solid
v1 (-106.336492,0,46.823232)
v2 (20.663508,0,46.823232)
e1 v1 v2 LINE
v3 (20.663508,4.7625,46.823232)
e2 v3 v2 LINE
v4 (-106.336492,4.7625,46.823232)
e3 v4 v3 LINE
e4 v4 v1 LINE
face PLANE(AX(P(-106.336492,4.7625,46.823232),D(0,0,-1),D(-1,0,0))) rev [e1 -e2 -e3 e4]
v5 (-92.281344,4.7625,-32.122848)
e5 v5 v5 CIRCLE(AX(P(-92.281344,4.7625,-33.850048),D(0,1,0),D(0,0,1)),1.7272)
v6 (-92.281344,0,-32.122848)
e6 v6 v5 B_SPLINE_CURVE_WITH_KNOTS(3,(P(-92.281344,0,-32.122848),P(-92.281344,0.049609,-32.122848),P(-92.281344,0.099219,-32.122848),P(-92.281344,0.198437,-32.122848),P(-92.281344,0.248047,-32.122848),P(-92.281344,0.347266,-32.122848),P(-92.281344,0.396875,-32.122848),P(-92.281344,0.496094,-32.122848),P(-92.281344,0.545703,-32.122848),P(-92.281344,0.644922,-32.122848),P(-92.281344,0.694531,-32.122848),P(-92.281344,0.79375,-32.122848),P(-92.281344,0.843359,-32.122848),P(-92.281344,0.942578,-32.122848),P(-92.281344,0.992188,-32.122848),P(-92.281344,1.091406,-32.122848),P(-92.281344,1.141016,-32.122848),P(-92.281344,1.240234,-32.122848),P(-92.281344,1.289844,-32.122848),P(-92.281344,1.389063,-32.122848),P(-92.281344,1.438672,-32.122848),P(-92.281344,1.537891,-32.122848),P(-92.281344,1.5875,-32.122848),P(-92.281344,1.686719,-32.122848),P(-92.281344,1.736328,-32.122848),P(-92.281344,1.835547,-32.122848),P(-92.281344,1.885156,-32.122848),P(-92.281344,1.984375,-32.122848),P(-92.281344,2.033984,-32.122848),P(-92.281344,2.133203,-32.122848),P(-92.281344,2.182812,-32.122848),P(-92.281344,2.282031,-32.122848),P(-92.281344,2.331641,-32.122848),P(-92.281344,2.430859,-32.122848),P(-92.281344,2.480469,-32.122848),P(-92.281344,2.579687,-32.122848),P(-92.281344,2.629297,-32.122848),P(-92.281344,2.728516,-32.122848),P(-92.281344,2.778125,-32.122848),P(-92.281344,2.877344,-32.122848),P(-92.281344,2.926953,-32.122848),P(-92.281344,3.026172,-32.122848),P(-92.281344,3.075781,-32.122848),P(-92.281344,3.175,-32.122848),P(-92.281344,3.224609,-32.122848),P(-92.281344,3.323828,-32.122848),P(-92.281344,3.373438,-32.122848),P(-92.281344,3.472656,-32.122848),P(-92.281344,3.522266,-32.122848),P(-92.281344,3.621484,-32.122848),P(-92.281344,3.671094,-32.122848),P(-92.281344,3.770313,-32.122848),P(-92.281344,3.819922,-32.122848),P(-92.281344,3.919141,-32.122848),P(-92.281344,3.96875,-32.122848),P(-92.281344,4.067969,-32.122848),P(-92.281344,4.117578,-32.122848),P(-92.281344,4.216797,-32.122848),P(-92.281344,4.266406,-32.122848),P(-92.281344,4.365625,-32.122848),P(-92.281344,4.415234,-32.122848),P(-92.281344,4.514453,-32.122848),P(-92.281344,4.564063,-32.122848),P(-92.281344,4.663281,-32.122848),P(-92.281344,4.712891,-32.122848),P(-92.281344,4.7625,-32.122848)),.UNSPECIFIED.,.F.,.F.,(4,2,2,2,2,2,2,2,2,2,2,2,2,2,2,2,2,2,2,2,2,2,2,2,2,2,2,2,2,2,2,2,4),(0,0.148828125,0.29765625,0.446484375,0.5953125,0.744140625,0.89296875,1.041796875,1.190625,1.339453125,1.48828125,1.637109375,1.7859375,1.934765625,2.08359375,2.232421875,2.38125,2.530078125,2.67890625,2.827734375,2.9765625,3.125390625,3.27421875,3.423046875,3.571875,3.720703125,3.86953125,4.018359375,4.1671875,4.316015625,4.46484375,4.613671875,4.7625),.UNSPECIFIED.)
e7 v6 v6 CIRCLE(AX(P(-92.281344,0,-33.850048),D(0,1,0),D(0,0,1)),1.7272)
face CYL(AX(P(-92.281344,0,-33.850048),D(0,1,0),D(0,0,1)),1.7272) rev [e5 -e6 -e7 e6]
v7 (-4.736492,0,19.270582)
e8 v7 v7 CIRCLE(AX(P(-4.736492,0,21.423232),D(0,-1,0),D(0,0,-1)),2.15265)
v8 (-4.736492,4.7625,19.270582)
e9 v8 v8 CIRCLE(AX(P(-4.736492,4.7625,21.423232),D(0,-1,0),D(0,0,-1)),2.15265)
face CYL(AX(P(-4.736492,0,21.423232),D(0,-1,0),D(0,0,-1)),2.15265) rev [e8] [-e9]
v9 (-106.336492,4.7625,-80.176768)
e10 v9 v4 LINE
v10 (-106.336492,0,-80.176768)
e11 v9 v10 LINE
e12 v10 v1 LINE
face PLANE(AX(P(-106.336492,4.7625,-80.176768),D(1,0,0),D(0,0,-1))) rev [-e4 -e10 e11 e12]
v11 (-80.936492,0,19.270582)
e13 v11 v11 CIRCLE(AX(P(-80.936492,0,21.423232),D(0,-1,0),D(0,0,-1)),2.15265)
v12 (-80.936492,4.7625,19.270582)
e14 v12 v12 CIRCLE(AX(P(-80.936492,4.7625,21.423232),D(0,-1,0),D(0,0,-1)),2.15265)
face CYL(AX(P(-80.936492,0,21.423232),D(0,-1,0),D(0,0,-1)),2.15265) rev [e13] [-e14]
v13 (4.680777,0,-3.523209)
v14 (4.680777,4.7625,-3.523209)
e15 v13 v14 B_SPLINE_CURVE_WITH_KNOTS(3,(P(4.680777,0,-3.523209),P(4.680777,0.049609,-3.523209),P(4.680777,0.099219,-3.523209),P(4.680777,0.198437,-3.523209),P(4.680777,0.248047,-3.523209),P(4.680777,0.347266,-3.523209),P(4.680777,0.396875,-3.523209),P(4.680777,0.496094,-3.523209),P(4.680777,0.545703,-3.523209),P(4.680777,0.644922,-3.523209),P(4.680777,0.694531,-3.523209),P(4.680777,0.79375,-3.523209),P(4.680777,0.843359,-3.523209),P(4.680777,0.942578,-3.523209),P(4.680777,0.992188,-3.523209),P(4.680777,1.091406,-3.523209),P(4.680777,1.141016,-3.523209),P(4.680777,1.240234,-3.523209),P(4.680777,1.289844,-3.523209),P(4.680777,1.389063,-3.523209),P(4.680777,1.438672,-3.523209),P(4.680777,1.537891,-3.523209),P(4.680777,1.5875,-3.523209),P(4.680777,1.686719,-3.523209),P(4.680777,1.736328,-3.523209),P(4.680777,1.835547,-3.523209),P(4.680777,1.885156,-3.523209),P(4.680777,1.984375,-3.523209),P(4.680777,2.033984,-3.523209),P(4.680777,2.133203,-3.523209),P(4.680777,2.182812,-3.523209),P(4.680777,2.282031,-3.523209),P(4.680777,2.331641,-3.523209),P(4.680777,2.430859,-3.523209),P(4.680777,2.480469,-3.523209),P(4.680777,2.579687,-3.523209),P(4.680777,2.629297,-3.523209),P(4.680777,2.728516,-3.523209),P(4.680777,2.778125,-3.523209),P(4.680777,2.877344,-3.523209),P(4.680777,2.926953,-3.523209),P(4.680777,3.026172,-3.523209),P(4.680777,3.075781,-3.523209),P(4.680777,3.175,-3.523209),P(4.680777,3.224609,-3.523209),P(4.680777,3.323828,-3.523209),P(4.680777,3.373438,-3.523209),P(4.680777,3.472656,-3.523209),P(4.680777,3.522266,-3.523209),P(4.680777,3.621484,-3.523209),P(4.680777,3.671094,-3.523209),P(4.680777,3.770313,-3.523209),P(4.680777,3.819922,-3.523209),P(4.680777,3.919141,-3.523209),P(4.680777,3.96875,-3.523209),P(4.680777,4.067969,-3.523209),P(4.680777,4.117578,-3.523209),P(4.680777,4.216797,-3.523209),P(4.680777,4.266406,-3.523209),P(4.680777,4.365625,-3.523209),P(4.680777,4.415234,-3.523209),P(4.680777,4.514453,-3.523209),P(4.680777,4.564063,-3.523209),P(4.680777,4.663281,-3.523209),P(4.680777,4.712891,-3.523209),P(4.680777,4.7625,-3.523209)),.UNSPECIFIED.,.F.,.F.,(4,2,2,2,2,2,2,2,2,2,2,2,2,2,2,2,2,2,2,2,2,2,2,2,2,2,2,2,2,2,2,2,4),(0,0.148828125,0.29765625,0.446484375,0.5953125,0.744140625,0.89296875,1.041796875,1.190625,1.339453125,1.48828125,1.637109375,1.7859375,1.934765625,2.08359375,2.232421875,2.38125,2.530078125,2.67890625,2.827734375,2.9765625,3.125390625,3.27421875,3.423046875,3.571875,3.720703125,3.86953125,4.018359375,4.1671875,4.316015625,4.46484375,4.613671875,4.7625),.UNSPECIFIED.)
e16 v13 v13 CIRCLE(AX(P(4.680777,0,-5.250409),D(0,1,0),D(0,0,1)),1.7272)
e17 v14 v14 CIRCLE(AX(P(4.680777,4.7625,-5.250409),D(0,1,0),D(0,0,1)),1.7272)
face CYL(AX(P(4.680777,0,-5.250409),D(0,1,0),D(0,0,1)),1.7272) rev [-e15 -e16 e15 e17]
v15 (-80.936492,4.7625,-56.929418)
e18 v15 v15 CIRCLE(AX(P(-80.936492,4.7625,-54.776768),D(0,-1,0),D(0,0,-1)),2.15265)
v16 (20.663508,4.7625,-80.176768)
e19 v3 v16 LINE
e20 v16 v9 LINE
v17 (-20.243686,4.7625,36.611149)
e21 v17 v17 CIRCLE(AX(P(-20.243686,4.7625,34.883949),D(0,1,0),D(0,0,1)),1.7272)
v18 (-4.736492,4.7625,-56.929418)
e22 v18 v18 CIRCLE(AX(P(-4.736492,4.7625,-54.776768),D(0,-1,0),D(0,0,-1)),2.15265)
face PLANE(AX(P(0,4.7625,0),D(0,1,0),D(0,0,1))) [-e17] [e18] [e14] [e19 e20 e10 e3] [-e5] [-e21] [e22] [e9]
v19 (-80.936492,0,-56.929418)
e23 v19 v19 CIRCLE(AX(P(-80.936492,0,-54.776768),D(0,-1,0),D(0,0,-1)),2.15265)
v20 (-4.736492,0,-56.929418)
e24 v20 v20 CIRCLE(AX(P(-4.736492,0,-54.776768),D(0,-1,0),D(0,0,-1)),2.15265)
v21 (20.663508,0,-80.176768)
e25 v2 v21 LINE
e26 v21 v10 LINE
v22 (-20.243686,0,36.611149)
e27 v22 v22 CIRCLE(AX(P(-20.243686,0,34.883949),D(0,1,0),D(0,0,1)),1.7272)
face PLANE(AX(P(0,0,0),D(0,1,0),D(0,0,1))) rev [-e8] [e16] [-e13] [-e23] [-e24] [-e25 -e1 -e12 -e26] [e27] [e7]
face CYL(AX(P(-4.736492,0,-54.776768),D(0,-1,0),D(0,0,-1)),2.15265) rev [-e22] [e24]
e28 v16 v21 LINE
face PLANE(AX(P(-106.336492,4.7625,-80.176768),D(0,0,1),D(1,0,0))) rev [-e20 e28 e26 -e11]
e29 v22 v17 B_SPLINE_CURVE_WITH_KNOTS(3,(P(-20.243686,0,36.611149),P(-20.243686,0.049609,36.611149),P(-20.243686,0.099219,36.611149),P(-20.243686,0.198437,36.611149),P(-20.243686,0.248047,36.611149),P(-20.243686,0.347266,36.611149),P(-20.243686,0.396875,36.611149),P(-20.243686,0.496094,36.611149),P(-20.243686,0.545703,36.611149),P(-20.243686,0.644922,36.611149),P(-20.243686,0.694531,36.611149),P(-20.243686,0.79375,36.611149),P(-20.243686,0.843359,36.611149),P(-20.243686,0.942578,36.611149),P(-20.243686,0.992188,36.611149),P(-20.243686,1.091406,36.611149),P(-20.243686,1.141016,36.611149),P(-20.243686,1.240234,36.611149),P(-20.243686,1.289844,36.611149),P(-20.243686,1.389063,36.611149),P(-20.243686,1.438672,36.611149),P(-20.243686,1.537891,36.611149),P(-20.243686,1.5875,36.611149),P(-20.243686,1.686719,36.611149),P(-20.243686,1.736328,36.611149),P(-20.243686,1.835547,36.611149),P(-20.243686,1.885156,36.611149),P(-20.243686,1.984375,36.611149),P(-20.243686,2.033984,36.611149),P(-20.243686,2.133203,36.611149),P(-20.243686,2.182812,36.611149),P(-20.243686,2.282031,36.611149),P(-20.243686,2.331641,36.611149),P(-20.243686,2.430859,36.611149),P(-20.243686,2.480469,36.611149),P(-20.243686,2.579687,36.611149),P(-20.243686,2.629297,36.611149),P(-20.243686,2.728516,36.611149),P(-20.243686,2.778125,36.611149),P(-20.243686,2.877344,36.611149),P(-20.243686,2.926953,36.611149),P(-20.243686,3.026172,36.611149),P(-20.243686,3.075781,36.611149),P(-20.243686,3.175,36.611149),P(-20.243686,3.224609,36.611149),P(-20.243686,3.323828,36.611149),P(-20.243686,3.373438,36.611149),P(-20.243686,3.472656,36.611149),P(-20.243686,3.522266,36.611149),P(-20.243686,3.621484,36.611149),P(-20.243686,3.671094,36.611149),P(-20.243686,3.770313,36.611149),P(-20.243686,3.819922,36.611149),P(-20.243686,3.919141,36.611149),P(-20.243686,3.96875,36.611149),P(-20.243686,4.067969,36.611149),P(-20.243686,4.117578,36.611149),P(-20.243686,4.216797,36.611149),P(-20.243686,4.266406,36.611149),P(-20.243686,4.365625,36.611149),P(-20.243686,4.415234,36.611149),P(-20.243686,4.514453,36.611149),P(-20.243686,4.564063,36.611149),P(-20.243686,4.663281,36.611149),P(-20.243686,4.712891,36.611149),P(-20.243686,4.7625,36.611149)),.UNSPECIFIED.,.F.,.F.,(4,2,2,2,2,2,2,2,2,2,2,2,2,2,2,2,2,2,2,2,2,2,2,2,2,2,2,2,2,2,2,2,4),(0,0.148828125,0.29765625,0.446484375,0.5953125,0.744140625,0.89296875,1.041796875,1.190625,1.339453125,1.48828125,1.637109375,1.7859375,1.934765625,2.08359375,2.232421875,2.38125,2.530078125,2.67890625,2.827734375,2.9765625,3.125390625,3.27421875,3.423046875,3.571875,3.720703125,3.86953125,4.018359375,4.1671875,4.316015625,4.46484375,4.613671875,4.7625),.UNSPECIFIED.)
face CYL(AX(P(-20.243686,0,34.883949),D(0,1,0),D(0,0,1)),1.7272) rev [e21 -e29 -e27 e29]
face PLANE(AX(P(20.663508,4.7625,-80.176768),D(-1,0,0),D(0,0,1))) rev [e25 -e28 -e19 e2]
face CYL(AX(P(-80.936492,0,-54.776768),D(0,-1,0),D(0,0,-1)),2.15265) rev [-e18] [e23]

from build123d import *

# Parameters (mm, degrees)
SKETCH1_W                    = 127
SKETCH1_H                    = 127
BOSS_EXTRUDE1_DEPTH          = 4.7625
SKETCH3_R                    = 1.7272
CUT_EXTRUDE2_DEPTH           = 134.260815846
F_18_0_1695_DIAMETER_HOLE1_D = 4.3053


with BuildPart() as part:
    # Sketch1 → Boss-Extrude1 (new body)
    with BuildSketch(Plane(origin=(0, 0, 0), x_dir=(1, 0, 0), z_dir=(0, 1, 0))):
        with Locations((-42.83649213, 16.676767677)):
            Rectangle(SKETCH1_W, SKETCH1_H)
    extrude(amount=BOSS_EXTRUDE1_DEPTH)

    # Sketch3 → Cut-Extrude2 (cut, through all)
    with BuildSketch(Plane(origin=(0, 4.7625, 0), x_dir=(1, 0, 0), z_dir=(0, 1, 0))):
        with Locations(Location((-92.281344473, 33.850048251, 0), (0, 0, 270))):
            Circle(SKETCH3_R)
        with Locations(Location((4.680777484, 5.250408923, 0), (0, 0, 270))):
            Circle(SKETCH3_R)
        with Locations(Location((-20.243685744, -34.883948787, 0), (0, 0, 270))):
            Circle(SKETCH3_R)
    extrude(amount=-CUT_EXTRUDE2_DEPTH, mode=Mode.SUBTRACT)

    # #18 (0.1695) Diameter Hole1 (through all)
    with Locations(Plane(origin=(0, 0, 0), x_dir=(-1, 0, 0), z_dir=(0, -1, 0))):
        with Locations((80.93649213, -21.423232323), (80.93649213, 54.776767677), (4.73649213, -21.423232323), (4.73649213, 54.776767677)):
            Hole(F_18_0_1695_DIAMETER_HOLE1_D / 2)


solid = part.part
